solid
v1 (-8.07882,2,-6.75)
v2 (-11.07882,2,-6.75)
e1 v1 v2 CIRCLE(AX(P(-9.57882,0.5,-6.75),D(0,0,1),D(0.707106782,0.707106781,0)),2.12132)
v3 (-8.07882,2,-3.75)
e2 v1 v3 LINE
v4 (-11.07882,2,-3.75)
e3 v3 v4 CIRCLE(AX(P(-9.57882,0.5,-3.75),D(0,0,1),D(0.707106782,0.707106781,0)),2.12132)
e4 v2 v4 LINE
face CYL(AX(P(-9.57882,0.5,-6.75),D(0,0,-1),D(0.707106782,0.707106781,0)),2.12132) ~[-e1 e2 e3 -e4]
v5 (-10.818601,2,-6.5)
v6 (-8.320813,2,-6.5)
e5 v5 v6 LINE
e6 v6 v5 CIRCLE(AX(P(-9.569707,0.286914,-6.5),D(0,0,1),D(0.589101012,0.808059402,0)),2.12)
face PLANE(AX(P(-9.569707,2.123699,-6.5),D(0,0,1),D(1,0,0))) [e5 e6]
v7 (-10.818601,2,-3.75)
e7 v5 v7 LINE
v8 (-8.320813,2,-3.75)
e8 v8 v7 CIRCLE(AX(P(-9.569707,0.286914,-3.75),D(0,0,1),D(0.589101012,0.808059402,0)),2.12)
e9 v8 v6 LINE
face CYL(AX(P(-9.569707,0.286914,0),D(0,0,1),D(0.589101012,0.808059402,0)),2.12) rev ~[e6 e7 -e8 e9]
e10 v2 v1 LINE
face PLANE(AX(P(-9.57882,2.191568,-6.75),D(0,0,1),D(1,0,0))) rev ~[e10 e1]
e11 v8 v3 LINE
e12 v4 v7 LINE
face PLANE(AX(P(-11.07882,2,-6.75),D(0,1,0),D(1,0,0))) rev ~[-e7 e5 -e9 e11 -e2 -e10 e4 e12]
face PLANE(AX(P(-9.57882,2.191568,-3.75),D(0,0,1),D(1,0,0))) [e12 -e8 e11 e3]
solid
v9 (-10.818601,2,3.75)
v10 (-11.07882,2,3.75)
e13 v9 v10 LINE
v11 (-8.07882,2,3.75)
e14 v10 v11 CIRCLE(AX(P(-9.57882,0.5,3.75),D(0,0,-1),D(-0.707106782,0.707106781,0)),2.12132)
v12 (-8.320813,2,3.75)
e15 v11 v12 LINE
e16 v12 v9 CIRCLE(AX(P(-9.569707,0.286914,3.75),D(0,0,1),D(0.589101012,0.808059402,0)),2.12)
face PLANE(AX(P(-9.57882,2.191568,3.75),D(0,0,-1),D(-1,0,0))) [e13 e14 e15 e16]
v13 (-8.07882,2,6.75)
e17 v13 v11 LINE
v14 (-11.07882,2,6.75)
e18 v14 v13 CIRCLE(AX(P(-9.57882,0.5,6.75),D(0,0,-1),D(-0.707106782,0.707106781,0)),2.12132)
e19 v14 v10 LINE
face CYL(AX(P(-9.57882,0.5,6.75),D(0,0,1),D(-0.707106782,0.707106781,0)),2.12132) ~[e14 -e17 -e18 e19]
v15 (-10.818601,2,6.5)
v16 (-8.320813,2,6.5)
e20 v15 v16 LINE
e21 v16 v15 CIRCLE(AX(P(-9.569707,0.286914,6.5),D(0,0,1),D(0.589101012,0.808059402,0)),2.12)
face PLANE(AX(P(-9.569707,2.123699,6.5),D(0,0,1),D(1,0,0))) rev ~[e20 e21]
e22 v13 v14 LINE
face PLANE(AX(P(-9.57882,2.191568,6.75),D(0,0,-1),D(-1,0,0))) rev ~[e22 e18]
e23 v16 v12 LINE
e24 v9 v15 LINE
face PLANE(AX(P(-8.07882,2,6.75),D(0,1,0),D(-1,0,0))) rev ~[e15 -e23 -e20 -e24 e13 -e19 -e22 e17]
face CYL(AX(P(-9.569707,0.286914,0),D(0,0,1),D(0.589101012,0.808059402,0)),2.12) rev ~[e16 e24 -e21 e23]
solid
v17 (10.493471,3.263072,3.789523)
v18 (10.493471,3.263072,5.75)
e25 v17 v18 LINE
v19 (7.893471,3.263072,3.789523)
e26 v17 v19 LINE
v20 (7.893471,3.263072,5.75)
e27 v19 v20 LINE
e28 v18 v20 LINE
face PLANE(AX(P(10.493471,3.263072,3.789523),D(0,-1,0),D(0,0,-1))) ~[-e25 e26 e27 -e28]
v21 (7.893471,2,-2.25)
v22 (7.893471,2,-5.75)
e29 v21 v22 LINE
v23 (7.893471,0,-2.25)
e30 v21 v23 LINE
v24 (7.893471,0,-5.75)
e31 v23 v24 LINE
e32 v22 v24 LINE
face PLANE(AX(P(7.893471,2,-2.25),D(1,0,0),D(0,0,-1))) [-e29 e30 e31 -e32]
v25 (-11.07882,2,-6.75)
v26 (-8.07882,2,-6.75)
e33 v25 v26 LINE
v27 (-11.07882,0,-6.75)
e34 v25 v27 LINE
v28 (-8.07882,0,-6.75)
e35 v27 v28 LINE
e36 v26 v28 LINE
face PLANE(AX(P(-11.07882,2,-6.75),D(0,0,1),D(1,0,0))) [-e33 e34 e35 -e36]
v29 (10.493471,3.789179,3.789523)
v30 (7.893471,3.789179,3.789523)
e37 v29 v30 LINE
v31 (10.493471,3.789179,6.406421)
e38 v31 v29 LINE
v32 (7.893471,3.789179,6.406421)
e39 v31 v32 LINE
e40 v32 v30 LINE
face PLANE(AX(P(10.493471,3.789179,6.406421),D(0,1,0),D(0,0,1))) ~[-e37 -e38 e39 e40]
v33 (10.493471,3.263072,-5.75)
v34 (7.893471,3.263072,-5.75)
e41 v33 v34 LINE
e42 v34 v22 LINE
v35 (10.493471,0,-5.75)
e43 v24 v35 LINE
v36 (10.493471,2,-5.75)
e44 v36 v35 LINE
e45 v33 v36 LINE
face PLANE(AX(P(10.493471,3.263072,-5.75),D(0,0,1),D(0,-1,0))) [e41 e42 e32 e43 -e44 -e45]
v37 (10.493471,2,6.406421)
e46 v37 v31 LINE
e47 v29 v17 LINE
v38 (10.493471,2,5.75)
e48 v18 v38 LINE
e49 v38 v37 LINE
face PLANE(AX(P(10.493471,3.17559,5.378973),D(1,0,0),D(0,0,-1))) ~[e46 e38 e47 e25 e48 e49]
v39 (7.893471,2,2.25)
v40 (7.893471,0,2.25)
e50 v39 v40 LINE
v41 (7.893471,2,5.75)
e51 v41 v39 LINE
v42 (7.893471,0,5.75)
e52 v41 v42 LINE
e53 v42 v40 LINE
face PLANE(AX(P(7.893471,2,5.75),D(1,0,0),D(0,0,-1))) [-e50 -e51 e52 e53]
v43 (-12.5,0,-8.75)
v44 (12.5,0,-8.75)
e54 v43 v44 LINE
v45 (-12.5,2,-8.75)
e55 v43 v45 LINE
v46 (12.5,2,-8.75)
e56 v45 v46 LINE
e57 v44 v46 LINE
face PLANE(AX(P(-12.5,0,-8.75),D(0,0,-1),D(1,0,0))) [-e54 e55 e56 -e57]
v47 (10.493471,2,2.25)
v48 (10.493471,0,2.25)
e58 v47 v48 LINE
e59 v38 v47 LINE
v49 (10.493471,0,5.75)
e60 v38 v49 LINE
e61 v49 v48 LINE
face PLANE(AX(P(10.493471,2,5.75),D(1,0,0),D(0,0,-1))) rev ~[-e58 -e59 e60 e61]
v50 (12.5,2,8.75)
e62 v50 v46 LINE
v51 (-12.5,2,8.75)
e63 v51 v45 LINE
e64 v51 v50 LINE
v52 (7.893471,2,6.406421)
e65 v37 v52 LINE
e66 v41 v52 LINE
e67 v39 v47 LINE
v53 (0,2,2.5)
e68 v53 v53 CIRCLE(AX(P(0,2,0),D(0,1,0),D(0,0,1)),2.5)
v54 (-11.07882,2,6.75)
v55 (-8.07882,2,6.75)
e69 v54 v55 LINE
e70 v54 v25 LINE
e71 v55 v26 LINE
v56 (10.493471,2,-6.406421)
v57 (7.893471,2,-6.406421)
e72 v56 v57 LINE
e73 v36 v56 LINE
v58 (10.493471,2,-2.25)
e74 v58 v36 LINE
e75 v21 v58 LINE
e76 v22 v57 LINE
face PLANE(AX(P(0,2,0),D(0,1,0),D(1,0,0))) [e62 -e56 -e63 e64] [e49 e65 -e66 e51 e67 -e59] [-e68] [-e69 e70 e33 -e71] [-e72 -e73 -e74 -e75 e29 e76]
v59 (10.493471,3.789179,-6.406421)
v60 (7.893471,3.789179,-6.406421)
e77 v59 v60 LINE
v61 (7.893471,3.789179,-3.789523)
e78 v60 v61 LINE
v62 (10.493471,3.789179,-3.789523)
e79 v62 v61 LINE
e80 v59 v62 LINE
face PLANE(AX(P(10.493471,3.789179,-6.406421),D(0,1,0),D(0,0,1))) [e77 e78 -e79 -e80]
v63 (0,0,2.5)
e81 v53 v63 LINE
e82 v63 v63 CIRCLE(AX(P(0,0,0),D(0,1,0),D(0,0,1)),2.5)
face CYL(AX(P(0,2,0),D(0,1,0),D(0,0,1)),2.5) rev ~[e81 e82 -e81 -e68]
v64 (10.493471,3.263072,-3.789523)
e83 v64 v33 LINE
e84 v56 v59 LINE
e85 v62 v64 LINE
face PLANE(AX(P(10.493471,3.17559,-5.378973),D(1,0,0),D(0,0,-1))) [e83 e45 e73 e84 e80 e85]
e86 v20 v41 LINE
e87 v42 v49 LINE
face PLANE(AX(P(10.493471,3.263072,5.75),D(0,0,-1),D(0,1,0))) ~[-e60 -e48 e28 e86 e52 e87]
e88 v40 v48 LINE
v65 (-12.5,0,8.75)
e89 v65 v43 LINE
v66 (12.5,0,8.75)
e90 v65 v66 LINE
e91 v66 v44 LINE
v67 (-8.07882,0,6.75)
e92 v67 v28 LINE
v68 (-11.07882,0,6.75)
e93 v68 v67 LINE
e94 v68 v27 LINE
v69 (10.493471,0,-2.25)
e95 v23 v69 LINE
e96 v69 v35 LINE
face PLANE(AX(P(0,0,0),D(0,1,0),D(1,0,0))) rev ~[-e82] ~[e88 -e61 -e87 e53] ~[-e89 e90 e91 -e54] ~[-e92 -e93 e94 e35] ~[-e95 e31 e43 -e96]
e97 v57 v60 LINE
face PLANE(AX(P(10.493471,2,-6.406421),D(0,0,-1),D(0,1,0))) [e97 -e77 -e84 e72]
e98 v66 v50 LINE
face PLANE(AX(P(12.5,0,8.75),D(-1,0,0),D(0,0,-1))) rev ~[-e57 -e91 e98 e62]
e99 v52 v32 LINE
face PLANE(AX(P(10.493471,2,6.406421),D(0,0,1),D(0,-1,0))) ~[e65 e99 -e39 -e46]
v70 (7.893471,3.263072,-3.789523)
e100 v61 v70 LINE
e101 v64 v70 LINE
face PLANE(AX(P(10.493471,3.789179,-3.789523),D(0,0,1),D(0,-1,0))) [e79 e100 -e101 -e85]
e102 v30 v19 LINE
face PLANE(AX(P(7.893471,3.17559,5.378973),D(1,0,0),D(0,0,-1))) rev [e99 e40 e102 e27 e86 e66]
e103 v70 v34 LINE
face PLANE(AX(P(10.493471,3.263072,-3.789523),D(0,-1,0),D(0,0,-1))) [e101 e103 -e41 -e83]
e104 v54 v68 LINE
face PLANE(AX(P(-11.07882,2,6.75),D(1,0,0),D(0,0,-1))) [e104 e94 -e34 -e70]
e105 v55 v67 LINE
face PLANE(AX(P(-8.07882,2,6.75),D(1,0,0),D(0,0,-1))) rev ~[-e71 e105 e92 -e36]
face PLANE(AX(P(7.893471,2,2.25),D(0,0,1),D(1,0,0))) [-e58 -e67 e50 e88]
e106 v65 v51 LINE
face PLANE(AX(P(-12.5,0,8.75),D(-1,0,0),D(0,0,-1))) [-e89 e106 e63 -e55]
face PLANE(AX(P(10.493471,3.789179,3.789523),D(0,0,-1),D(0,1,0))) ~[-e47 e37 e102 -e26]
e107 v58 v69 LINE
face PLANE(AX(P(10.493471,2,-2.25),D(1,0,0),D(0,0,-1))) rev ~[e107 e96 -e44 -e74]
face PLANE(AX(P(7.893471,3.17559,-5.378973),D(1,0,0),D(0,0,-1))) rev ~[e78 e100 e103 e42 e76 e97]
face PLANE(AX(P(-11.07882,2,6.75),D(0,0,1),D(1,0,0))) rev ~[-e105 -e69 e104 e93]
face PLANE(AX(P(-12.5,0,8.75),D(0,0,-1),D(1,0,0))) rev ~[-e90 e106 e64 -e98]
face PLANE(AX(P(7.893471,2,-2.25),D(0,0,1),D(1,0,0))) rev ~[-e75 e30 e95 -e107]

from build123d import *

# Parameters (mm, degrees)
SKETCH_1_W          = 25
SKETCH_1_H          = 17.5
EXTRUDE_1_DEPTH     = 2
SKETCH_2_R          = 2.5
CUT_EXTRUDE_1_DEPTH = 2
SKETCH_3_W          = 2.6
SKETCH_3_H          = 3.5
CUT_EXTRUDE_2_DEPTH = 2
SKETCH_4_W          = 3
SKETCH_4_H          = 13.5
CUT_EXTRUDE_3_DEPTH = 2
EXTRUDE_2_DEPTH     = 2.6
EXTRUDE_3_DEPTH     = 3
EXTRUDE_4_DEPTH     = 3
CUT_EXTRUDE_5_DEPTH = 6.5


with BuildPart() as part:
    # 草图1 → 凸台-拉伸1 (new body)
    with BuildSketch(Plane(origin=(0, 0, 0), x_dir=(1, 0, 0), z_dir=(0, 1, 0))):
        Rectangle(SKETCH_1_W, SKETCH_1_H)
    extrude(amount=EXTRUDE_1_DEPTH)

    # 草图2 → 切除-拉伸1 (cut)
    with BuildSketch(Plane(origin=(0, 2, 0), x_dir=(1, 0, 0), z_dir=(0, 1, 0))):
        with Locations(Location((0, 0, 0), (0, 0, 270))):
            Circle(SKETCH_2_R)
    extrude(amount=-CUT_EXTRUDE_1_DEPTH, mode=Mode.SUBTRACT)

    # 草图3 → 切除-拉伸2 (cut)
    with BuildSketch(Plane(origin=(0, 2, 0), x_dir=(1, 0, 0), z_dir=(0, 1, 0))):
        with Locations((9.193470991, 4)):
            Rectangle(SKETCH_3_W, SKETCH_3_H)
        with Locations((9.193470991, -4)):
            Rectangle(SKETCH_3_W, SKETCH_3_H)
    extrude(amount=-CUT_EXTRUDE_2_DEPTH, mode=Mode.SUBTRACT)

    # 草图4 → 切除-拉伸3 (cut)
    with BuildSketch(Plane(origin=(0, 2, 0), x_dir=(1, 0, 0), z_dir=(0, 1, 0))):
        with Locations((-9.578819664, 0)):
            Rectangle(SKETCH_4_W, SKETCH_4_H)
    extrude(amount=-CUT_EXTRUDE_3_DEPTH, mode=Mode.SUBTRACT)

    # 草图5 → 凸台-拉伸2 (add)
    with BuildSketch(Plane.ZY.offset(-10.493470991)):
        Polygon((-5.75, 2), (-6.406421234, 2), (-6.406421234, 3.789179116), (-3.789523296, 3.789179116), (-3.789523296, 3.263071554), (-5.75, 3.263071554), align=None)
    extrude_2 = extrude(amount=EXTRUDE_2_DEPTH)

    # 镜向1: 凸台-拉伸2 across plane
    add(extrude_2.mirror(Plane.XY))


with BuildPart() as body_2:
    # 草图6 → 凸台-拉伸3 (new body)
    with BuildSketch(Plane.XY.offset(-6.75)):
        with BuildLine():
            Line((-11.078819664, 2), (-8.078819664, 2))
            ThreePointArc((-8.078819664, 2), (-9.578819664, 2.621320344), (-11.078819664, 2))
        make_face()
    extrude(amount=EXTRUDE_3_DEPTH)


with BuildPart() as body_3:
    # 草图7 → 凸台-拉伸4 (new body)
    with BuildSketch(Plane(origin=(0, 0, 6.75), x_dir=(-1, 0, 0), z_dir=(0, 0, -1))):
        with BuildLine():
            Line((8.078819664, 2), (11.078819664, 2))
            ThreePointArc((11.078819664, 2), (9.578819664, 2.621320344), (8.078819664, 2))
        make_face()
    extrude(amount=EXTRUDE_4_DEPTH)


with BuildPart() as cut_extrude_5_tool:
    # 草图8 → 切除-拉伸5 (new, symmetric)
    with BuildSketch(Plane.XY):
        with BuildLine():
            ThreePointArc((-8.320812894, 2), (-9.569707039, 2.406914067), (-10.818601184, 2))
            Line((-10.818601184, 2), (-8.320812894, 2))
        make_face()
        with BuildLine():
            Line((-8.320812894, 2), (-10.818601184, 2))
            ThreePointArc((-10.818601184, 2), (-10.53062962, -1.60280226), (-7.449707039, 0.286914067))
            ThreePointArc((-7.449707039, 0.286914067), (-7.679990713, 1.247836648), (-8.320812894, 2))
        make_face()
    extrude(amount=CUT_EXTRUDE_5_DEPTH, both=True)


with BuildPart() as body_2_1:
    add(body_2.part)

    # 切除-拉伸5: cut by cut_extrude_5_tool
    add(cut_extrude_5_tool.part, mode=Mode.SUBTRACT)


with BuildPart() as body_3_1:
    add(body_3.part)

    # 切除-拉伸5: cut by cut_extrude_5_tool
    add(cut_extrude_5_tool.part, mode=Mode.SUBTRACT)


solid = Compound([part.part, body_2_1.part, body_3_1.part])
